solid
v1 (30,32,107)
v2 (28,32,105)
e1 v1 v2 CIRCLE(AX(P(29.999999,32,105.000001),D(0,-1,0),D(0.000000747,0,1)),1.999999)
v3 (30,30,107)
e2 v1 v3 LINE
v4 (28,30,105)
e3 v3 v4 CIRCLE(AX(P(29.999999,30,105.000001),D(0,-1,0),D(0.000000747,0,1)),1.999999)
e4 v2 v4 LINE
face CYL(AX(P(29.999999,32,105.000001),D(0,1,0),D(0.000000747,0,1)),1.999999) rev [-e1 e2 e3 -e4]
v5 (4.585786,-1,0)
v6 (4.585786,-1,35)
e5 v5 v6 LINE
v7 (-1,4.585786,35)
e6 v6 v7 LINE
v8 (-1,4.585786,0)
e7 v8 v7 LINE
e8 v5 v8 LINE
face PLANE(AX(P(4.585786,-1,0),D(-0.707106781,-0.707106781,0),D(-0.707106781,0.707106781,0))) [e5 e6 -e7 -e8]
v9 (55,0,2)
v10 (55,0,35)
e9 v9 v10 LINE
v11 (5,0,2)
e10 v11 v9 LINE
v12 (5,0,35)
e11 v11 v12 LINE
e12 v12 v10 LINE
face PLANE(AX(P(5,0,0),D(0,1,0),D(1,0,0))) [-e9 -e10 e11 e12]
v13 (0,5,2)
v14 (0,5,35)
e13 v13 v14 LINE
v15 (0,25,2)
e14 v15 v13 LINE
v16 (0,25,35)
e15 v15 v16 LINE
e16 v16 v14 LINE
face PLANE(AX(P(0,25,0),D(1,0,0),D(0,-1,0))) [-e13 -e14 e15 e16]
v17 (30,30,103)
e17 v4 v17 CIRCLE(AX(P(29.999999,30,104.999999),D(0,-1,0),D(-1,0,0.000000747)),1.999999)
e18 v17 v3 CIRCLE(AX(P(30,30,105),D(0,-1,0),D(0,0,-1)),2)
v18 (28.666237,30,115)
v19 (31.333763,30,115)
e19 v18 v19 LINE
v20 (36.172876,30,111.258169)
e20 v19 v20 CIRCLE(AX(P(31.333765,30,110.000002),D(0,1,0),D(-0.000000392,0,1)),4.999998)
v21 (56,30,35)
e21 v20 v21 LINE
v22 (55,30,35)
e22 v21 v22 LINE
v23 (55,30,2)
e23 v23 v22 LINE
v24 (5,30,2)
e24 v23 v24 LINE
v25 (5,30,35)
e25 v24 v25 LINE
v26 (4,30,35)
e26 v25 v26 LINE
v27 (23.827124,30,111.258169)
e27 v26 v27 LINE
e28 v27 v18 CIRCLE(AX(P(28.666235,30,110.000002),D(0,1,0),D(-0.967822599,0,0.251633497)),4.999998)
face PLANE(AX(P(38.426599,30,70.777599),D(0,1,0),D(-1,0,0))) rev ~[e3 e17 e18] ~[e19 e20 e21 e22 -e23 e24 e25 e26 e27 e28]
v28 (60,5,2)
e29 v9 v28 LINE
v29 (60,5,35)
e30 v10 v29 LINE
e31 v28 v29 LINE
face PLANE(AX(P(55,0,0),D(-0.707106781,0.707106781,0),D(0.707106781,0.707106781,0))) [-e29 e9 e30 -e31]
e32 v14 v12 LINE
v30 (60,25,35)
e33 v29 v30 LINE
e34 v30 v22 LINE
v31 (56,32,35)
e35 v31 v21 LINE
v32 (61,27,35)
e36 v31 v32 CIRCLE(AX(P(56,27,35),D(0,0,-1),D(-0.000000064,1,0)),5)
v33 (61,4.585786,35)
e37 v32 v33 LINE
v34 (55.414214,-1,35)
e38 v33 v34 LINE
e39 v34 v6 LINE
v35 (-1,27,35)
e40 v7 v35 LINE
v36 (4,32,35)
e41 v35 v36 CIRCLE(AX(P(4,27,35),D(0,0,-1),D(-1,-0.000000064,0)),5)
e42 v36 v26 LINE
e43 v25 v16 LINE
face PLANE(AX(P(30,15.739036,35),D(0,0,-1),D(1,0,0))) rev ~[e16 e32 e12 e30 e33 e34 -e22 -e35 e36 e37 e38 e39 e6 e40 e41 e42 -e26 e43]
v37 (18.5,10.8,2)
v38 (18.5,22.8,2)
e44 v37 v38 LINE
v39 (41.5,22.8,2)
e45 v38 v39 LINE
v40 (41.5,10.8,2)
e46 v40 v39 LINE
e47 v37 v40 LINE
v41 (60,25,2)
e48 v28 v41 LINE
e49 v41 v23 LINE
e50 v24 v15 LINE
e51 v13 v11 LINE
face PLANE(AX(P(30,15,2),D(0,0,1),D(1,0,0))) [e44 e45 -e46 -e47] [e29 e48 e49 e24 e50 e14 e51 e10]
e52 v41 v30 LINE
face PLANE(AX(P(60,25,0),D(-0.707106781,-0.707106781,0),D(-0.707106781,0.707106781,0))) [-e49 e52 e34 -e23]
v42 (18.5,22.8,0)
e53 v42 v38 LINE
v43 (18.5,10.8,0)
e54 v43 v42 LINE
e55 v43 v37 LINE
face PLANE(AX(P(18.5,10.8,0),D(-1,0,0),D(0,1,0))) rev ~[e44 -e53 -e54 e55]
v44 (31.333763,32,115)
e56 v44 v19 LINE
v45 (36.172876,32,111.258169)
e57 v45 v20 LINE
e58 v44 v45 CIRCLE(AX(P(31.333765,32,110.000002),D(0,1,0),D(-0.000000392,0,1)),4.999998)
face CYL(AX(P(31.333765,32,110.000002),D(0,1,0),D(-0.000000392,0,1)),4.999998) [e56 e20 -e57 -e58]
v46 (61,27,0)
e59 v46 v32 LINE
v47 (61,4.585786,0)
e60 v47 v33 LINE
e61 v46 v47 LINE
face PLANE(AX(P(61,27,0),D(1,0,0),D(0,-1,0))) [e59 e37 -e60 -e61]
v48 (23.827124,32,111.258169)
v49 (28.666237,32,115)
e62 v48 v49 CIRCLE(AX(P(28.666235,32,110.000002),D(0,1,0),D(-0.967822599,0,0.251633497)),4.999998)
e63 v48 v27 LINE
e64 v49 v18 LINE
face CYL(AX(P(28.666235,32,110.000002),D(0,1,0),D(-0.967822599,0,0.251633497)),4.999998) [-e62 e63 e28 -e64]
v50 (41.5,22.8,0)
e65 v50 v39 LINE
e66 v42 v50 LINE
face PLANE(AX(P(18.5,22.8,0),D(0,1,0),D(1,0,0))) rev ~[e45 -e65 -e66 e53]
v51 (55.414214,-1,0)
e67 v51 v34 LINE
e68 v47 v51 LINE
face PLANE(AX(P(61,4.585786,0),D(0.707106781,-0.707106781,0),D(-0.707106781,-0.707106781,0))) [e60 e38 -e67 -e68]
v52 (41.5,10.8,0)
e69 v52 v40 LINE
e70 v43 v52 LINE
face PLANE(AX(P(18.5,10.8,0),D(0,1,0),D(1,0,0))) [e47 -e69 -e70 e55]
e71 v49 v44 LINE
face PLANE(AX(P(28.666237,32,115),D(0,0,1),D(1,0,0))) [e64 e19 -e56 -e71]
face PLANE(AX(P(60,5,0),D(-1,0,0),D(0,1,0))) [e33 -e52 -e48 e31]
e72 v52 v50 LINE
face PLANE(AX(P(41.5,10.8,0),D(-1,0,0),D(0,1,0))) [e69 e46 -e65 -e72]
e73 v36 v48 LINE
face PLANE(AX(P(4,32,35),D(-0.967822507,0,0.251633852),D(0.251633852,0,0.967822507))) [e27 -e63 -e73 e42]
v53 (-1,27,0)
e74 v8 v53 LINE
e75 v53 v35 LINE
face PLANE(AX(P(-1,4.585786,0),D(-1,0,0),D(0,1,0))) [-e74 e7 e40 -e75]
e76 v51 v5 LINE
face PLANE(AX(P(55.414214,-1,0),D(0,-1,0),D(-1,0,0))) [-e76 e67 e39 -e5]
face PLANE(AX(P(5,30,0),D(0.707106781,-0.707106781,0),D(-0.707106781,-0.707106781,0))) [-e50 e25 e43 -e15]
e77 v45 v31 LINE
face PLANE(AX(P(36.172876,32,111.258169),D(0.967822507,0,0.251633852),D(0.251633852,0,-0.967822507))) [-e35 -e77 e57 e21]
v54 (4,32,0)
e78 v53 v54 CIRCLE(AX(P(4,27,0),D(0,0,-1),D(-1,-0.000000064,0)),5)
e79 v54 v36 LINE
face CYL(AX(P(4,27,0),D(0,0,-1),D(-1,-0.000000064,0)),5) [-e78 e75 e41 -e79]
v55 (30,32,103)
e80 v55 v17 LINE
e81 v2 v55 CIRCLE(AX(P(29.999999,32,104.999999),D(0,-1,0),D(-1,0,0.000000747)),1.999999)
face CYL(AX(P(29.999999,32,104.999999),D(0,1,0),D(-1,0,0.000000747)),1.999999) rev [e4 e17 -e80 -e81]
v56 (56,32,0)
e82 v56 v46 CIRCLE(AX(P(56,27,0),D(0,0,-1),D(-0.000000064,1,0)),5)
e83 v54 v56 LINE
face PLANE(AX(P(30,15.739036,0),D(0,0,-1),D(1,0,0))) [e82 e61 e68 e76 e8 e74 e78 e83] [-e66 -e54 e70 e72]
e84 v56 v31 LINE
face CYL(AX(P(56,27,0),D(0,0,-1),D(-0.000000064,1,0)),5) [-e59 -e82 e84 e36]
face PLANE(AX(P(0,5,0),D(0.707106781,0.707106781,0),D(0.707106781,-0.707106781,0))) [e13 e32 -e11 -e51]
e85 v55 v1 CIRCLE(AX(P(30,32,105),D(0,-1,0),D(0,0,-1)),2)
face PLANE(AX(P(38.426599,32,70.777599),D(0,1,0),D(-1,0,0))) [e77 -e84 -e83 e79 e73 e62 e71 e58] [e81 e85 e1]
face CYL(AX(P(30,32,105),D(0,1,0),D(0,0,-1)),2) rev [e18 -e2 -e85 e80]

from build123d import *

# Parameters (mm, degrees)
F0_W     = 23
F0_H     = 12
F1_DEPTH = 2
F3_DEPTH = 35
F5_DEPTH = 2


with BuildPart() as f1:
    # F0 (on Top) → F1 (new body)
    with BuildSketch(Plane.XY):
        Polygon((0, 5), (5, 0), (55, 0), (60, 5), (60, 25), (55, 30), (5, 30), (0, 25), align=None)
        with Locations((30, 16.8)):
            Rectangle(F0_W, F0_H, mode=Mode.SUBTRACT)
    extrude(amount=F1_DEPTH)

    # F2 (on face) → F3 (join)
    with BuildSketch(Plane(origin=(0, 0, 0), x_dir=(1, 0, 0), z_dir=(0, 0, -1))):
        with BuildLine():
            Line((61, -27), (61, -4.585786))
            Line((61, -4.585786), (55.414214, 1))
            Line((55.414214, 1), (4.585786, 1))
            Line((4.585786, 1), (-1, -4.585786))
            Line((-1, -4.585786), (-1, -27))
            ThreePointArc((-1, -27), (0.464466, -30.535534), (4, -32))
            Line((4, -32), (56, -32))
            ThreePointArc((56, -32), (59.535534, -30.535534), (61, -27))
        make_face()
        Polygon((5, -30), (0, -25), (0, -5), (5, 0), (55, 0), (60, -5), (60, -25), (55, -30), align=None, mode=Mode.SUBTRACT)
    extrude(amount=-F3_DEPTH)

    # F4 (on face) → F5 (join)
    with BuildSketch(Plane(origin=(0, 32, 0), x_dir=(-1, 0, 0), z_dir=(0, 1, 0))):
        with BuildLine():
            Line((-56, 35), (-30, 35))
            Line((-30, 35), (-30, 103))
            ThreePointArc((-30, 103), (-32, 105), (-30, 107))
            Line((-30, 107), (-30, 115))
            Line((-30, 115), (-31.333763, 115))
            ThreePointArc((-31.333763, 115), (-34.392289, 113.95543), (-36.172876, 111.258169))
            Line((-36.172876, 111.258169), (-56, 35))
        make_face()
        with BuildLine():
            Line((-30, 103), (-30, 35))
            Line((-30, 35), (-4, 35))
            Line((-4, 35), (-23.827124, 111.258169))
            ThreePointArc((-23.827124, 111.258169), (-25.607711, 113.95543), (-28.666237, 115))
            Line((-28.666237, 115), (-30, 115))
            Line((-30, 115), (-30, 107))
            ThreePointArc((-30, 107), (-28.585786, 106.414214), (-28, 105))
            ThreePointArc((-28, 105), (-28.585786, 103.585786), (-30, 103))
        make_face()
    extrude(amount=-F5_DEPTH)


solid = f1.part
